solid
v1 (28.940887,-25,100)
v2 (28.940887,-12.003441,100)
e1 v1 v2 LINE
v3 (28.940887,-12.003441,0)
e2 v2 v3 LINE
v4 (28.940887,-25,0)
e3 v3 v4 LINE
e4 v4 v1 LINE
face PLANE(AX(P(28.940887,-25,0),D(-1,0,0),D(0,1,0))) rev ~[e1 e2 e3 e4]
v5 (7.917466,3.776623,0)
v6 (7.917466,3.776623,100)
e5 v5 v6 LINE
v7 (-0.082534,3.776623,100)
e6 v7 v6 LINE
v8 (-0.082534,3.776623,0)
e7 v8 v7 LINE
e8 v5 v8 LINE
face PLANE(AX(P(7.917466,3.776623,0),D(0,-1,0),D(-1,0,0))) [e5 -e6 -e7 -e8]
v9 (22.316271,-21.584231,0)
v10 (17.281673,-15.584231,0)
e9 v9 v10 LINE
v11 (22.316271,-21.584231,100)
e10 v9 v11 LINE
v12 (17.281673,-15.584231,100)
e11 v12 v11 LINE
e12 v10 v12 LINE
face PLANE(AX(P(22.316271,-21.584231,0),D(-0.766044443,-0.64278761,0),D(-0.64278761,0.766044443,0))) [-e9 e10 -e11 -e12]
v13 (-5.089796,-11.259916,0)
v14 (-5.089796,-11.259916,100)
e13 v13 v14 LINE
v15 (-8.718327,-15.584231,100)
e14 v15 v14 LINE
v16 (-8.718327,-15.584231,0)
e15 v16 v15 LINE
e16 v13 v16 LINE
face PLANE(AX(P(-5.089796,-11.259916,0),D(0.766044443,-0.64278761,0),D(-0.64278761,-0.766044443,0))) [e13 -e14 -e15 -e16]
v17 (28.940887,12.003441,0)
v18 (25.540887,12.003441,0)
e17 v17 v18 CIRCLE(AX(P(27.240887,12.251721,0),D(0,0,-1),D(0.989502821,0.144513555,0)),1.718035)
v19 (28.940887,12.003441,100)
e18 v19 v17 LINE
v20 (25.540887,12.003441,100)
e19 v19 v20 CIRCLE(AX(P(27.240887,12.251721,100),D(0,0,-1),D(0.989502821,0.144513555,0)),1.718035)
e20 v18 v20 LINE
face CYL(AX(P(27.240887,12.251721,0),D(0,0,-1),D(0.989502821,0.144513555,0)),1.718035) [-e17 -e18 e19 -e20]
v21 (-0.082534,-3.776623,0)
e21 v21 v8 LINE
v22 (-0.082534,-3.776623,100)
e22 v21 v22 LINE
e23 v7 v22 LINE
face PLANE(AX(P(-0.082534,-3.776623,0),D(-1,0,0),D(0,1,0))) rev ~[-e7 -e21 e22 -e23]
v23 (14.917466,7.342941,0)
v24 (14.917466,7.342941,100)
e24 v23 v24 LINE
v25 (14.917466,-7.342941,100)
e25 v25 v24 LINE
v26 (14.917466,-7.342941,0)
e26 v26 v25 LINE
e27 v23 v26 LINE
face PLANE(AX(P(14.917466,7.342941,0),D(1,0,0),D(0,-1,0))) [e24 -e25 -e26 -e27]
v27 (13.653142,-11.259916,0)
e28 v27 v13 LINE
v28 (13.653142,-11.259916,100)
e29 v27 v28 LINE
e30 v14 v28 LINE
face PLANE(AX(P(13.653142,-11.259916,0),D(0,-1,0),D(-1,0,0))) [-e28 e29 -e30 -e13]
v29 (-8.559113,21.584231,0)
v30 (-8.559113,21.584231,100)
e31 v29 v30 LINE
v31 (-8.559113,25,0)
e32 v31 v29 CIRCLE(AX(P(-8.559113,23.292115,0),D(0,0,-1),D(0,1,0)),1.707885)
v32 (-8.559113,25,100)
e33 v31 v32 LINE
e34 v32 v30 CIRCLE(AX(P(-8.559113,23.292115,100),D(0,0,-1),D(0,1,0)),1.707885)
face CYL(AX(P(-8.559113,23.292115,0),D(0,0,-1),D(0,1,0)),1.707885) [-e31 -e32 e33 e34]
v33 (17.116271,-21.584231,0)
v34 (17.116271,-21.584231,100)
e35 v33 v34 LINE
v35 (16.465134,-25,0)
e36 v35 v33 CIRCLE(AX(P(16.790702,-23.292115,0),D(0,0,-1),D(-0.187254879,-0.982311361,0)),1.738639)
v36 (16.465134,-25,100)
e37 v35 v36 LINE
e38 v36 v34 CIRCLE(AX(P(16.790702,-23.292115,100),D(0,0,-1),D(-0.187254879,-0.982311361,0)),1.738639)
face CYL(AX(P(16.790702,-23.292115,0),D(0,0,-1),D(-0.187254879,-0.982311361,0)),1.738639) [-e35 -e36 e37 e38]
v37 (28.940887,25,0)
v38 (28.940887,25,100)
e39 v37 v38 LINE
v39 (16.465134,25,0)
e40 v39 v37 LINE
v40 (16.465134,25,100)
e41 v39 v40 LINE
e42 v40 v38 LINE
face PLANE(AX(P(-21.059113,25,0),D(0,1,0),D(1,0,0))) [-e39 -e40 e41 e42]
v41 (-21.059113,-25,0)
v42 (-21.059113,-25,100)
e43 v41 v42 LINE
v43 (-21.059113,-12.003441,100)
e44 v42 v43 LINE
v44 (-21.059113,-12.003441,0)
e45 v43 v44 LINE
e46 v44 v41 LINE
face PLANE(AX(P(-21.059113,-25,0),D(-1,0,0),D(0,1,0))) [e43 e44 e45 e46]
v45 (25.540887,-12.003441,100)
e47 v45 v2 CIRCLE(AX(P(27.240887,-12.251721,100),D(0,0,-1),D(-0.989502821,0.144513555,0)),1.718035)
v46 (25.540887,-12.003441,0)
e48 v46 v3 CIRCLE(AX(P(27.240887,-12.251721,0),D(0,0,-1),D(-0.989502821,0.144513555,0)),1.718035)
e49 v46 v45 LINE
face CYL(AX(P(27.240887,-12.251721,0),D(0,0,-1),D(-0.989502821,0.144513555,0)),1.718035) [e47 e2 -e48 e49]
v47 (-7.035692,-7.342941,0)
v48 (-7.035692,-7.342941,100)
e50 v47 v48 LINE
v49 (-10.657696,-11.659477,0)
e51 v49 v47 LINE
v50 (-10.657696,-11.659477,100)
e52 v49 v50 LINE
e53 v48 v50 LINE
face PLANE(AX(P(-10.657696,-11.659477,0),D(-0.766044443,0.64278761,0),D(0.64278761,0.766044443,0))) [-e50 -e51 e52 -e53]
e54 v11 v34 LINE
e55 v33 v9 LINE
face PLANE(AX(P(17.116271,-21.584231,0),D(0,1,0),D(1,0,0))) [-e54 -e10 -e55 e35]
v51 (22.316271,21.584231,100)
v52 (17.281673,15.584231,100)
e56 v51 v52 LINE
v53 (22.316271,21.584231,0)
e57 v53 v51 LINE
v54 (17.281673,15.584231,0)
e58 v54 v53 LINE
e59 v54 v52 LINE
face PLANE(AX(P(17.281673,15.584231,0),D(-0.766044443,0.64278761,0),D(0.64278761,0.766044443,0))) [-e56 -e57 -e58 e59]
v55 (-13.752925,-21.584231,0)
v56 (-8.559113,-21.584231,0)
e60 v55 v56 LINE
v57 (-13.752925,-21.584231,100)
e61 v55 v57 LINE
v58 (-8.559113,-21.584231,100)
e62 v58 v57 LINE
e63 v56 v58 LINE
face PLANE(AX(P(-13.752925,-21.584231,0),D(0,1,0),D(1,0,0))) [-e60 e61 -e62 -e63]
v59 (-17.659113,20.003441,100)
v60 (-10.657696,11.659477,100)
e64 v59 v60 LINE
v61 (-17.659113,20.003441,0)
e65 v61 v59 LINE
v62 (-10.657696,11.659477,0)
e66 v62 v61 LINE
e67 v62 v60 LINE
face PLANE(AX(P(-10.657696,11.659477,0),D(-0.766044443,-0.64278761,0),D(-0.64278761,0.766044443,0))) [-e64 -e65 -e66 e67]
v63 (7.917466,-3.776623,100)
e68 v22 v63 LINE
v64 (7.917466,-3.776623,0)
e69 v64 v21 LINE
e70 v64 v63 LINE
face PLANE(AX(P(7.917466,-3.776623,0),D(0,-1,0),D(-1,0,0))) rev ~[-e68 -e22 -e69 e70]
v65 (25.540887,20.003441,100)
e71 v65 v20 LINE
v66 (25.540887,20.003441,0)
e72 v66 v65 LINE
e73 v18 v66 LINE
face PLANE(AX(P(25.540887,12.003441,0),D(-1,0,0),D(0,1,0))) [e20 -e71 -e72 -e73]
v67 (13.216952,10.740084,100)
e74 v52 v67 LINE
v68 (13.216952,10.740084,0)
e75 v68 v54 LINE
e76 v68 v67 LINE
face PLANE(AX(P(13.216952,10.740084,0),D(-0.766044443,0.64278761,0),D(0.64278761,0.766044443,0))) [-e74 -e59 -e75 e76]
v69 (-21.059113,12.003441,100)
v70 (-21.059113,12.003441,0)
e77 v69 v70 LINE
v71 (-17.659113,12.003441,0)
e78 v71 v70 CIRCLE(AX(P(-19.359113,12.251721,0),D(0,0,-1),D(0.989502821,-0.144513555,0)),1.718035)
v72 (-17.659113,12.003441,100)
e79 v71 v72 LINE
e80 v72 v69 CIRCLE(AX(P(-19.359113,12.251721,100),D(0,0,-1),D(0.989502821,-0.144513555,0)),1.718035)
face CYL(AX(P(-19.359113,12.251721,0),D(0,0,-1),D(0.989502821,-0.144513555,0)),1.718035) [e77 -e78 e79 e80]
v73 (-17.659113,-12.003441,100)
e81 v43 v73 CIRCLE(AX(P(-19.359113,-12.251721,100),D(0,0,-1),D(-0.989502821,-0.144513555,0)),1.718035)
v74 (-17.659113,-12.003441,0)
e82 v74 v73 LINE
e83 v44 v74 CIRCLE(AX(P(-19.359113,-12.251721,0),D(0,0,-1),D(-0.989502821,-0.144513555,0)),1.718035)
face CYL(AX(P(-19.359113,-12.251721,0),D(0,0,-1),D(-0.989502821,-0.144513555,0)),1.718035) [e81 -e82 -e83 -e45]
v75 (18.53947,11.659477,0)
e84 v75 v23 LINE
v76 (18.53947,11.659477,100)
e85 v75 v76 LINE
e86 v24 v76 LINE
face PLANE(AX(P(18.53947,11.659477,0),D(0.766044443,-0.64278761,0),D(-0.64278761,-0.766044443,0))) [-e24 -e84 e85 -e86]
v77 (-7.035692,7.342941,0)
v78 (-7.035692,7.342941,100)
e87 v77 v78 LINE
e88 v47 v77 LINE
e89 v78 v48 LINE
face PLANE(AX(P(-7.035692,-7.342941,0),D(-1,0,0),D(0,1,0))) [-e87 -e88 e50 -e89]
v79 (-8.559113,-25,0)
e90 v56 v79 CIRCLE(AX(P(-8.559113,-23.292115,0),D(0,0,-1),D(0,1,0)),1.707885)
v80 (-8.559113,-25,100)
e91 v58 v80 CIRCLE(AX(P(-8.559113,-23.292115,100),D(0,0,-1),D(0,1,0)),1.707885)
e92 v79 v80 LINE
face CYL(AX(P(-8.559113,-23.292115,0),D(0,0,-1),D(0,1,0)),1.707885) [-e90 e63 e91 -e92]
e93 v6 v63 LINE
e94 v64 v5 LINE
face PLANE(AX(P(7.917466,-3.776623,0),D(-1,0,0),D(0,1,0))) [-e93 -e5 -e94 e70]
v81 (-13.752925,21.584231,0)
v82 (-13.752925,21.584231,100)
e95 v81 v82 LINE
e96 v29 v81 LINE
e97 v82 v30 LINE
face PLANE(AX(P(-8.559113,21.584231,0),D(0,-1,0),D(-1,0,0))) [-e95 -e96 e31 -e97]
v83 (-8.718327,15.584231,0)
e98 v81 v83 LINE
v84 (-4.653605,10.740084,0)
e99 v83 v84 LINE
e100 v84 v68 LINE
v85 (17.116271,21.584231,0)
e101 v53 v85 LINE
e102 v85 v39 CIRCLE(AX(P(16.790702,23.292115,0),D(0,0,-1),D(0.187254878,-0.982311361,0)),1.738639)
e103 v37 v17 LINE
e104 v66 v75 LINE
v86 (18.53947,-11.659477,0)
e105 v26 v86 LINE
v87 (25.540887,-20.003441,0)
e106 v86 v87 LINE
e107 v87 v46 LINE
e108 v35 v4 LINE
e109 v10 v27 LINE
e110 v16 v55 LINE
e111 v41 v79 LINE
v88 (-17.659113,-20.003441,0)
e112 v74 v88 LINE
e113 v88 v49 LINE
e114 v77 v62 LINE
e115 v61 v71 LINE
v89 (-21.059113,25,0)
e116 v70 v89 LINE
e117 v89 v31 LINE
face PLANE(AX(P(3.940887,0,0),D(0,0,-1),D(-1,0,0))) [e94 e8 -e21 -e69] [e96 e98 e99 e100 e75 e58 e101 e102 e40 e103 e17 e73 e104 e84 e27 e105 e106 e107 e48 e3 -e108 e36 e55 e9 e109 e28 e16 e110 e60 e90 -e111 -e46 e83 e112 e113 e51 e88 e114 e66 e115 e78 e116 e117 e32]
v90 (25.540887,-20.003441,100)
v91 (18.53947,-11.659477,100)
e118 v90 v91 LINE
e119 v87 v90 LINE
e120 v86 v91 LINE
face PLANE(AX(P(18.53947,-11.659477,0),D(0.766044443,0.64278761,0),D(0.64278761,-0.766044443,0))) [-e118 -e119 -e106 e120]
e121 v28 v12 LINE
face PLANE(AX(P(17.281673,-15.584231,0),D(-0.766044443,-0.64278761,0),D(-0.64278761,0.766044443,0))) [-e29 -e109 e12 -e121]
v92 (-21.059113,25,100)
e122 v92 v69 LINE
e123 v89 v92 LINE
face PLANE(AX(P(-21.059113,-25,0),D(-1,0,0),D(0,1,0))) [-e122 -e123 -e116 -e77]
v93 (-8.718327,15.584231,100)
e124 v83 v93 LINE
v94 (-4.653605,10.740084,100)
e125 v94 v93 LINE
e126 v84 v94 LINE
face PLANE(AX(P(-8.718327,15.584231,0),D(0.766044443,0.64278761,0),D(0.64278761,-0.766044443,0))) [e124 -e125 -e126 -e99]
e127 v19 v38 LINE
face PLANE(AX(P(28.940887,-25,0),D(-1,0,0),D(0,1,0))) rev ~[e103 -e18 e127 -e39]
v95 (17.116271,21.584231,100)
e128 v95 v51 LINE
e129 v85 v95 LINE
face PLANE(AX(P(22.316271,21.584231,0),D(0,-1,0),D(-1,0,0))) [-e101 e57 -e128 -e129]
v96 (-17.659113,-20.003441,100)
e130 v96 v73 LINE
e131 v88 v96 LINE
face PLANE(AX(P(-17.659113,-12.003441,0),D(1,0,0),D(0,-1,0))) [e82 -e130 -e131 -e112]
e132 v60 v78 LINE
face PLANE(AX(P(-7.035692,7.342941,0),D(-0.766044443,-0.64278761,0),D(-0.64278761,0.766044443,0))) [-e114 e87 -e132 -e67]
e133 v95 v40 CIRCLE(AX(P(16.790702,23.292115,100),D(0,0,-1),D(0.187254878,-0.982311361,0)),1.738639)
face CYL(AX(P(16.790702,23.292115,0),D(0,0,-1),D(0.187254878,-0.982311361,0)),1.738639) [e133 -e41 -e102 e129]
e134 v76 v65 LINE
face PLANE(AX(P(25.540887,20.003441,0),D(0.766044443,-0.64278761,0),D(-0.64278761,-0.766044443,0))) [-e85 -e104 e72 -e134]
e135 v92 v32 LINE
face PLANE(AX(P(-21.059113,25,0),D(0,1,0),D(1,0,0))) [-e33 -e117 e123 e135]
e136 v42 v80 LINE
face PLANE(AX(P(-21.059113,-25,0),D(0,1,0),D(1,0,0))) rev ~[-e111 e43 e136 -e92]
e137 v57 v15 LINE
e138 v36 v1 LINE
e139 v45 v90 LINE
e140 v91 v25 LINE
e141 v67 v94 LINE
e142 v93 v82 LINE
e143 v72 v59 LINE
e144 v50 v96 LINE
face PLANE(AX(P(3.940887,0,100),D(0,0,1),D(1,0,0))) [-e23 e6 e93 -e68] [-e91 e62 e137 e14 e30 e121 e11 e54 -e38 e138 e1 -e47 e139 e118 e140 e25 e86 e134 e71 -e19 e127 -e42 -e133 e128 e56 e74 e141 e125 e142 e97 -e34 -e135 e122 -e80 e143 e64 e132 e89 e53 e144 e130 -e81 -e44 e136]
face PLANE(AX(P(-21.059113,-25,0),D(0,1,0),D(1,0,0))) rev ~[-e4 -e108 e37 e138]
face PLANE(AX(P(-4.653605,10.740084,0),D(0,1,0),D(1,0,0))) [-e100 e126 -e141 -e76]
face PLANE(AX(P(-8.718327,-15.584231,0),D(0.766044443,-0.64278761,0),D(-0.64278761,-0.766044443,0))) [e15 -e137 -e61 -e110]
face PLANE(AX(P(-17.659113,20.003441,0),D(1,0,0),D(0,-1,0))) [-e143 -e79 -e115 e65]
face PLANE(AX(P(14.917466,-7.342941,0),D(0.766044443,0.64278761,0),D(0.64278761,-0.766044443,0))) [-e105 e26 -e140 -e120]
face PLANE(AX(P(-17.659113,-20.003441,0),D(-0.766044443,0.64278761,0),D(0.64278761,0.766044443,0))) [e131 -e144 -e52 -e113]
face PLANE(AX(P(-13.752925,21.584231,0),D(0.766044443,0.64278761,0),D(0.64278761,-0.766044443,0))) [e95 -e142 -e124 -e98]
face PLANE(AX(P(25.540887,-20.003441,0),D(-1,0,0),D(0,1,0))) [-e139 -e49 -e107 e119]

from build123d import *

# Parameters (mm, degrees)
SKETCH1_W           = 50
SKETCH1_H           = 50
BOSS_EXTRUDE1_DEPTH = 100
SKETCH2_W           = 18
SKETCH2_H           = 18
CUT_EXTRUDE2_DEPTH  = 287
SKETCH3_OUTSIDE_W   = 76.494
SKETCH3_OUTSIDE_H   = 76.494
CUT_EXTRUDE5_DEPTH  = 287
SKETCH4_W           = 18
SKETCH4_H           = 18
BOSS_EXTRUDE2_DEPTH = 100
SKETCH5_W           = 8
SKETCH5_H           = 7.553245746
CUT_EXTRUDE6_DEPTH  = 250


with BuildPart() as part:
    # Sketch1 → Boss-Extrude1 (new body)
    with BuildSketch(Plane.XY):
        with Locations((3.9408867, 0)):
            Rectangle(SKETCH1_W, SKETCH1_H)
    extrude(amount=BOSS_EXTRUDE1_DEPTH)

    # Sketch2 → Cut-Extrude2 (cut)
    with BuildSketch(Plane(origin=(0, 0, 0), x_dir=(-1, 0, 0), z_dir=(0, 0, -1))):
        with Locations((-3.9408867, 0)):
            Rectangle(SKETCH2_W, SKETCH2_H)
    extrude(amount=-CUT_EXTRUDE2_DEPTH, mode=Mode.SUBTRACT)

    # Sketch3 outside → Cut-Extrude5 (cut)
    with BuildSketch(Plane(origin=(0, 0, 0), x_dir=(-1, 0, 0), z_dir=(0, 0, -1))):
        with Locations((-3.941, 0)):
            Rectangle(SKETCH3_OUTSIDE_W, SKETCH3_OUTSIDE_H)
        with BuildLine():
            Line((-22.316271067, 21.584230763), (-17.116271067, 21.584230763))
            ThreePointArc((-17.116271067, 21.584230763), (-15.082817857, 22.96654679), (-16.465133883, 25))
            Line((-16.465133883, 25), (-28.9408867, 25))
            Line((-28.9408867, 25), (-28.9408867, 12.5))
            ThreePointArc((-28.9408867, 12.5), (-27.489165976, 10.551720724), (-25.5408867, 12.003441448))
            Line((-25.5408867, 12.003441448), (-25.5408867, 20.003441448))
            Line((-25.5408867, 20.003441448), (-18.539469589, 11.659477453))
            Line((-18.539469589, 11.659477453), (-14.917465737, 7.34294135))
            Line((-14.917465737, 7.34294135), (-14.917465737, -7.34294135))
            Line((-14.917465737, -7.34294135), (-18.539469589, -11.659477453))
            Line((-18.539469589, -11.659477453), (-25.5408867, -20.003441448))
            Line((-25.5408867, -20.003441448), (-25.5408867, -12.003441448))
            ThreePointArc((-25.5408867, -12.003441448), (-27.489165976, -10.551720724), (-28.9408867, -12.5))
            Line((-28.9408867, -12.5), (-28.9408867, -25))
            Line((-28.9408867, -25), (-16.465133883, -25))
            ThreePointArc((-16.465133883, -25), (-15.082817857, -22.96654679), (-17.116271067, -21.584230763))
            Line((-17.116271067, -21.584230763), (-22.316271067, -21.584230763))
            Line((-22.316271067, -21.584230763), (-17.28167328, -15.584230763))
            Line((-17.28167328, -15.584230763), (-13.653142176, -11.259915785))
            Line((-13.653142176, -11.259915785), (5.089795616, -11.259915785))
            Line((5.089795616, -11.259915785), (8.71832672, -15.584230763))
            Line((8.71832672, -15.584230763), (13.752924507, -21.584230763))
            Line((13.752924507, -21.584230763), (8.5591133, -21.584230763))
            ThreePointArc((8.5591133, -21.584230763), (6.851228682, -23.292115382), (8.5591133, -25))
            Line((8.5591133, -25), (21.0591133, -25))
            Line((21.0591133, -25), (21.0591133, -12.5))
            ThreePointArc((21.0591133, -12.5), (19.607392577, -10.551720724), (17.6591133, -12.003441448))
            Line((17.6591133, -12.003441448), (17.6591133, -20.003441448))
            Line((17.6591133, -20.003441448), (10.65769619, -11.659477453))
            Line((10.65769619, -11.659477453), (7.035692338, -7.34294135))
            Line((7.035692338, -7.34294135), (7.035692338, 7.34294135))
            Line((7.035692338, 7.34294135), (10.65769619, 11.659477453))
            Line((10.65769619, 11.659477453), (17.6591133, 20.003441448))
            Line((17.6591133, 20.003441448), (17.6591133, 12.003441448))
            ThreePointArc((17.6591133, 12.003441448), (19.607392577, 10.551720724), (21.0591133, 12.5))
            Line((21.0591133, 12.5), (21.0591133, 25))
            Line((21.0591133, 25), (8.5591133, 25))
            ThreePointArc((8.5591133, 25), (6.851228682, 23.292115382), (8.5591133, 21.584230763))
            Line((8.5591133, 21.584230763), (13.752924507, 21.584230763))
            Line((13.752924507, 21.584230763), (8.71832672, 15.584230763))
            Line((8.71832672, 15.584230763), (4.653605138, 10.740084215))
            Line((4.653605138, 10.740084215), (-13.216951698, 10.740084215))
            Line((-13.216951698, 10.740084215), (-17.28167328, 15.584230763))
            Line((-17.28167328, 15.584230763), (-22.316271067, 21.584230763))
        make_face(mode=Mode.SUBTRACT)
    extrude(amount=-CUT_EXTRUDE5_DEPTH, mode=Mode.SUBTRACT)

    # Sketch4 → Boss-Extrude2 (add)
    with BuildSketch(Plane(origin=(0, 0, 0), x_dir=(-1, 0, 0), z_dir=(0, 0, -1))):
        with Locations((-3.9408867, 0)):
            Rectangle(SKETCH4_W, SKETCH4_H)
    extrude(amount=-BOSS_EXTRUDE2_DEPTH)

    # Sketch5 → Cut-Extrude6 (cut)
    with BuildSketch(Plane(origin=(0, 0, 0), x_dir=(-1, 0, 0), z_dir=(0, 0, -1))):
        with Locations((-3.917465737, 0)):
            Rectangle(SKETCH5_W, SKETCH5_H)
    extrude(amount=-CUT_EXTRUDE6_DEPTH, mode=Mode.SUBTRACT)


solid = part.part
